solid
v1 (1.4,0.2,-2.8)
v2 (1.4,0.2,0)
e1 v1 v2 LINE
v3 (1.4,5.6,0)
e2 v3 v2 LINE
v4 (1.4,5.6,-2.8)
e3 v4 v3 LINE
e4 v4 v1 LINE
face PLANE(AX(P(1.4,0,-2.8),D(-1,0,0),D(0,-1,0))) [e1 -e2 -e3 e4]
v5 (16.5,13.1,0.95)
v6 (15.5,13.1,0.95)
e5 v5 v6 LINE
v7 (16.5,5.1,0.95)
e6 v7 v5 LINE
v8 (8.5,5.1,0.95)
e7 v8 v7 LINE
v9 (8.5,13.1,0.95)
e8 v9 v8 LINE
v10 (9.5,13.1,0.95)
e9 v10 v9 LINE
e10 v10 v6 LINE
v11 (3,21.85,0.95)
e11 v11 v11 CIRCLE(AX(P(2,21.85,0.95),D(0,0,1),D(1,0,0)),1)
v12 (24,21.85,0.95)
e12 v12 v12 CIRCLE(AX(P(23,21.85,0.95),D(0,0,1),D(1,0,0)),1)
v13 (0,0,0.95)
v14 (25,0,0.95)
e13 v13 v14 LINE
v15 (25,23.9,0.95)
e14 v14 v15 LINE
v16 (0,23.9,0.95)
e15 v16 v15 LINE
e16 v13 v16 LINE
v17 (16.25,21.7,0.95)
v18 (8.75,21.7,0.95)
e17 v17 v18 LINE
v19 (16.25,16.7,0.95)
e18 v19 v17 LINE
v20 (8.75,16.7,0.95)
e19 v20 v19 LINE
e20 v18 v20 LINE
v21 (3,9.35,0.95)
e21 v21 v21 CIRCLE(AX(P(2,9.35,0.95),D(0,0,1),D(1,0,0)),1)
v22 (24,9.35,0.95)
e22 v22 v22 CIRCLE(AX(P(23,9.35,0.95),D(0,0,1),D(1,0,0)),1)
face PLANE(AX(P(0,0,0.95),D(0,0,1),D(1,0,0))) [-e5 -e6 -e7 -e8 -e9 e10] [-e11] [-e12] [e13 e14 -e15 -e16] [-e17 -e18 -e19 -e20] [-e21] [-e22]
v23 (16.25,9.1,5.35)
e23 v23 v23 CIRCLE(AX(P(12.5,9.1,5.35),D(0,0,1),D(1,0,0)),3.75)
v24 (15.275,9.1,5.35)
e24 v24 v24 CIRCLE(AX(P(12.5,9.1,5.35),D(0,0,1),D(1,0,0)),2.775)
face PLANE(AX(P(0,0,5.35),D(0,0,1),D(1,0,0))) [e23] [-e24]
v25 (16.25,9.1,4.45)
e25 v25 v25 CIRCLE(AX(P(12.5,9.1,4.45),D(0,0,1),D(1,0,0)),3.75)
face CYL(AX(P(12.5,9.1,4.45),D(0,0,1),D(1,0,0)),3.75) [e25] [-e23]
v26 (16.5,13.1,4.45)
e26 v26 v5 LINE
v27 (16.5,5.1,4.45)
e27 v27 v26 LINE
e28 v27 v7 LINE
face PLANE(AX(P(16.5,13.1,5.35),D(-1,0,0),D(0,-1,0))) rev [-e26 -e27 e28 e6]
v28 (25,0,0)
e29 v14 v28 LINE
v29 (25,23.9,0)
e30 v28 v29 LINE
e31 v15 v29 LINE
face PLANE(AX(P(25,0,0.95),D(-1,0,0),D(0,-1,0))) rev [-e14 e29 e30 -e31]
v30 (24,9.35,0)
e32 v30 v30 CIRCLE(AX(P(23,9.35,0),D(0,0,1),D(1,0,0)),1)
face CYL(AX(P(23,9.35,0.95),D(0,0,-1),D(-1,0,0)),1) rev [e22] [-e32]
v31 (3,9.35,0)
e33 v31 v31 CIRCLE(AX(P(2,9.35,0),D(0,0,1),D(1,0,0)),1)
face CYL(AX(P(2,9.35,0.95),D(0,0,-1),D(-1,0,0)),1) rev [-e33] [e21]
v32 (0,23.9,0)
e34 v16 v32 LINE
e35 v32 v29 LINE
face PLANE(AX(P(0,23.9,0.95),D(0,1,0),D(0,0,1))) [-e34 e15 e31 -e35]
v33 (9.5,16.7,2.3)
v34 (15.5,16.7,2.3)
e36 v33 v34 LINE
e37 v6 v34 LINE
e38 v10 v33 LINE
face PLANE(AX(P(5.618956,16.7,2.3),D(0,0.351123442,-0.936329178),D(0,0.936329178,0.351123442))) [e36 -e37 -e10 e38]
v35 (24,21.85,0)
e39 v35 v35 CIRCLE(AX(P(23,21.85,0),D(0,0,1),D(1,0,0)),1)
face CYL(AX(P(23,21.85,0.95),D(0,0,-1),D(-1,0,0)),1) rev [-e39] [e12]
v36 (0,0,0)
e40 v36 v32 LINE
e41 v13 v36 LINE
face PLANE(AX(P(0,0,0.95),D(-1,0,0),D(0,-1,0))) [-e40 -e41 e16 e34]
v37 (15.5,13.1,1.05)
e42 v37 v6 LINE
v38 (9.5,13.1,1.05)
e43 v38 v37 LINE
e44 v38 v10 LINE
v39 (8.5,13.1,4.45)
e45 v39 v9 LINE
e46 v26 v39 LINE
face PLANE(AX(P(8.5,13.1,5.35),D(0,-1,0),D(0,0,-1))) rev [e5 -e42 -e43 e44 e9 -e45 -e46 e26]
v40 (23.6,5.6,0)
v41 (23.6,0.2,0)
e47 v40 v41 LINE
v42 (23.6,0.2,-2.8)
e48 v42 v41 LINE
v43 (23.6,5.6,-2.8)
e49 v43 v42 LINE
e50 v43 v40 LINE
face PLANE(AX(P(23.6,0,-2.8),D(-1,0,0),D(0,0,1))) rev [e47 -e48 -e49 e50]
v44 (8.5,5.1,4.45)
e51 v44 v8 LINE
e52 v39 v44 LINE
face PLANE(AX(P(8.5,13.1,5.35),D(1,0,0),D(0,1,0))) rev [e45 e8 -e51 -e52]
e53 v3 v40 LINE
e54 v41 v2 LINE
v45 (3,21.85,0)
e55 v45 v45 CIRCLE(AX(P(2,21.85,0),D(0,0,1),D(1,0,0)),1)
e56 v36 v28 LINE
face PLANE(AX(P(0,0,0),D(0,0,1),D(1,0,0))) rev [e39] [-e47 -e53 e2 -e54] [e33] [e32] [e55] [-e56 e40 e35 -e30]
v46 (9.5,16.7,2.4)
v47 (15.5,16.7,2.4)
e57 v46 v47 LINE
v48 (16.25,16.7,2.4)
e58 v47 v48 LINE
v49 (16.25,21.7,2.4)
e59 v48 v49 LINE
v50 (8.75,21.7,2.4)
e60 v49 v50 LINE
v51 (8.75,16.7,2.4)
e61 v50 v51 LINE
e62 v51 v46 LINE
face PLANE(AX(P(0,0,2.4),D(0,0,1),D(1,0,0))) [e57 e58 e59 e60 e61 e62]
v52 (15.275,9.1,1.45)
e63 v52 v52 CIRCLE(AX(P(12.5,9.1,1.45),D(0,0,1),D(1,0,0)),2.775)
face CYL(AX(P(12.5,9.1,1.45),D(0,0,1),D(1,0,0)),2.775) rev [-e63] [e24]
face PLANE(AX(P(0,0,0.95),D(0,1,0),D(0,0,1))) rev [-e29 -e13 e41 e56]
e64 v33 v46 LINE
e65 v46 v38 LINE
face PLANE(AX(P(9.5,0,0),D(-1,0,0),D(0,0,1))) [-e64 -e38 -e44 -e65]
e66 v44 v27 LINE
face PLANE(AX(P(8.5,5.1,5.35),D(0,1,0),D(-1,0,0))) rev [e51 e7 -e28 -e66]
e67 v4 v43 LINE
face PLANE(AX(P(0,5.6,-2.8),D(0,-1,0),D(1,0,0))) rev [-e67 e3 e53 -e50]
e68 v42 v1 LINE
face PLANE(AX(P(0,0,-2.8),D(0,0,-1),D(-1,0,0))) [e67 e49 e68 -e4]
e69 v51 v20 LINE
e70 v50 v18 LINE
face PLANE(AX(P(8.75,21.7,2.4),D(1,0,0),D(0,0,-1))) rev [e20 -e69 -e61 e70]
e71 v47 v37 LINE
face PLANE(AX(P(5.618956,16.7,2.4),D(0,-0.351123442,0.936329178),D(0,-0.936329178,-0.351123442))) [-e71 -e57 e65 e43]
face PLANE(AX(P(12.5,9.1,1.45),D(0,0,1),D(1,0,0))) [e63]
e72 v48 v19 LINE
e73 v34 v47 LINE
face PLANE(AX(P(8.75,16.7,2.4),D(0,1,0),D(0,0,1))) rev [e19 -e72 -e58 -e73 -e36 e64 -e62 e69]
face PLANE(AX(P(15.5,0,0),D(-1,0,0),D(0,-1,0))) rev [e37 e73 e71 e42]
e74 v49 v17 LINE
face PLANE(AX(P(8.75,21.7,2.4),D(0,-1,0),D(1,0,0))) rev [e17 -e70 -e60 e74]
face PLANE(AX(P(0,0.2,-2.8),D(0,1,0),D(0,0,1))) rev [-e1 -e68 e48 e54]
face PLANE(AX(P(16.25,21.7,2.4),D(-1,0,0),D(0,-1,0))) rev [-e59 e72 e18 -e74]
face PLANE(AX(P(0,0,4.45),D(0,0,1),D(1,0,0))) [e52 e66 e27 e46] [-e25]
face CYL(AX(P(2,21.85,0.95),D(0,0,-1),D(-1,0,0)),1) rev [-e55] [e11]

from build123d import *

# Parameters (mm, degrees)
SKETCH1_W           = 25
SKETCH1_H           = 23.9
SKETCH1_R           = 1
BOSS_EXTRUDE1_DEPTH = 0.95
SKETCH2_W           = 7.5
SKETCH2_H           = 5
BOSS_EXTRUDE2_DEPTH = 1.45
SKETCH3_W           = 8
SKETCH3_H           = 8
BOSS_EXTRUDE3_DEPTH = 4.4
SKETCH4_W           = 8
SKETCH4_H           = 8
SKETCH4_R           = 3.75
CUT_EXTRUDE1_DEPTH  = 0.9
SKETCH5_R           = 2.775
CUT_EXTRUDE2_DEPTH  = 3.9
BOSS_EXTRUDE4_DEPTH = 6
BOSS_EXTRUDE5_DEPTH = 2.8


with BuildPart() as part:
    # Sketch1 → Boss-Extrude1 (new body)
    with BuildSketch(Plane.XY):
        with Locations((12.5, 11.95)):
            Rectangle(SKETCH1_W, SKETCH1_H)
        with Locations((23, 9.35)):
            Circle(SKETCH1_R, mode=Mode.SUBTRACT)
        with Locations((2, 9.35)):
            Circle(SKETCH1_R, mode=Mode.SUBTRACT)
        with Locations((23, 21.85)):
            Circle(SKETCH1_R, mode=Mode.SUBTRACT)
        with Locations((2, 21.85)):
            Circle(SKETCH1_R, mode=Mode.SUBTRACT)
    extrude(amount=BOSS_EXTRUDE1_DEPTH)

    # Sketch2 → Boss-Extrude2 (add)
    with BuildSketch(Plane.XY.offset(0.95)):
        with Locations((12.5, 19.2)):
            Rectangle(SKETCH2_W, SKETCH2_H)
    extrude(amount=BOSS_EXTRUDE2_DEPTH)

    # Sketch3 → Boss-Extrude3 (add)
    with BuildSketch(Plane.XY.offset(0.95)):
        with Locations((12.5, 9.1)):
            Rectangle(SKETCH3_W, SKETCH3_H)
    extrude(amount=BOSS_EXTRUDE3_DEPTH)

    # Sketch4 → Cut-Extrude1 (cut)
    with BuildSketch(Plane.XY.offset(5.35)):
        with Locations((12.5, 9.1)):
            Rectangle(SKETCH4_W, SKETCH4_H)
        with Locations((12.5, 9.1)):
            Circle(SKETCH4_R, mode=Mode.SUBTRACT)
    extrude(amount=-CUT_EXTRUDE1_DEPTH, mode=Mode.SUBTRACT)

    # Sketch5 → Cut-Extrude2 (cut)
    with BuildSketch(Plane.XY.offset(5.35)):
        with Locations((12.5, 9.1)):
            Circle(SKETCH5_R)
    extrude(amount=-CUT_EXTRUDE2_DEPTH, mode=Mode.SUBTRACT)

    # Sketch12 → Boss-Extrude4 (add)
    with BuildSketch(Plane(origin=(15.5, 0, 0), x_dir=(0, 0, -1), z_dir=(1, 0, 0))):
        Polygon((-2.4, 16.7), (-2.3, 16.7), (-0.95, 13.1), (-1.05, 13.1), align=None)
    extrude(amount=-BOSS_EXTRUDE4_DEPTH)

    # Sketch13 → Boss-Extrude5 (add)
    with BuildSketch(Plane(origin=(0, 0, 0), x_dir=(-1, 0, 0), z_dir=(0, 0, -1))):
        Polygon((-1.4, 5.6), (-12.5, 5.6), (-23.6, 5.6), (-23.6, 0.2), (-1.4, 0.2), align=None)
    extrude(amount=BOSS_EXTRUDE5_DEPTH)


solid = part.part
